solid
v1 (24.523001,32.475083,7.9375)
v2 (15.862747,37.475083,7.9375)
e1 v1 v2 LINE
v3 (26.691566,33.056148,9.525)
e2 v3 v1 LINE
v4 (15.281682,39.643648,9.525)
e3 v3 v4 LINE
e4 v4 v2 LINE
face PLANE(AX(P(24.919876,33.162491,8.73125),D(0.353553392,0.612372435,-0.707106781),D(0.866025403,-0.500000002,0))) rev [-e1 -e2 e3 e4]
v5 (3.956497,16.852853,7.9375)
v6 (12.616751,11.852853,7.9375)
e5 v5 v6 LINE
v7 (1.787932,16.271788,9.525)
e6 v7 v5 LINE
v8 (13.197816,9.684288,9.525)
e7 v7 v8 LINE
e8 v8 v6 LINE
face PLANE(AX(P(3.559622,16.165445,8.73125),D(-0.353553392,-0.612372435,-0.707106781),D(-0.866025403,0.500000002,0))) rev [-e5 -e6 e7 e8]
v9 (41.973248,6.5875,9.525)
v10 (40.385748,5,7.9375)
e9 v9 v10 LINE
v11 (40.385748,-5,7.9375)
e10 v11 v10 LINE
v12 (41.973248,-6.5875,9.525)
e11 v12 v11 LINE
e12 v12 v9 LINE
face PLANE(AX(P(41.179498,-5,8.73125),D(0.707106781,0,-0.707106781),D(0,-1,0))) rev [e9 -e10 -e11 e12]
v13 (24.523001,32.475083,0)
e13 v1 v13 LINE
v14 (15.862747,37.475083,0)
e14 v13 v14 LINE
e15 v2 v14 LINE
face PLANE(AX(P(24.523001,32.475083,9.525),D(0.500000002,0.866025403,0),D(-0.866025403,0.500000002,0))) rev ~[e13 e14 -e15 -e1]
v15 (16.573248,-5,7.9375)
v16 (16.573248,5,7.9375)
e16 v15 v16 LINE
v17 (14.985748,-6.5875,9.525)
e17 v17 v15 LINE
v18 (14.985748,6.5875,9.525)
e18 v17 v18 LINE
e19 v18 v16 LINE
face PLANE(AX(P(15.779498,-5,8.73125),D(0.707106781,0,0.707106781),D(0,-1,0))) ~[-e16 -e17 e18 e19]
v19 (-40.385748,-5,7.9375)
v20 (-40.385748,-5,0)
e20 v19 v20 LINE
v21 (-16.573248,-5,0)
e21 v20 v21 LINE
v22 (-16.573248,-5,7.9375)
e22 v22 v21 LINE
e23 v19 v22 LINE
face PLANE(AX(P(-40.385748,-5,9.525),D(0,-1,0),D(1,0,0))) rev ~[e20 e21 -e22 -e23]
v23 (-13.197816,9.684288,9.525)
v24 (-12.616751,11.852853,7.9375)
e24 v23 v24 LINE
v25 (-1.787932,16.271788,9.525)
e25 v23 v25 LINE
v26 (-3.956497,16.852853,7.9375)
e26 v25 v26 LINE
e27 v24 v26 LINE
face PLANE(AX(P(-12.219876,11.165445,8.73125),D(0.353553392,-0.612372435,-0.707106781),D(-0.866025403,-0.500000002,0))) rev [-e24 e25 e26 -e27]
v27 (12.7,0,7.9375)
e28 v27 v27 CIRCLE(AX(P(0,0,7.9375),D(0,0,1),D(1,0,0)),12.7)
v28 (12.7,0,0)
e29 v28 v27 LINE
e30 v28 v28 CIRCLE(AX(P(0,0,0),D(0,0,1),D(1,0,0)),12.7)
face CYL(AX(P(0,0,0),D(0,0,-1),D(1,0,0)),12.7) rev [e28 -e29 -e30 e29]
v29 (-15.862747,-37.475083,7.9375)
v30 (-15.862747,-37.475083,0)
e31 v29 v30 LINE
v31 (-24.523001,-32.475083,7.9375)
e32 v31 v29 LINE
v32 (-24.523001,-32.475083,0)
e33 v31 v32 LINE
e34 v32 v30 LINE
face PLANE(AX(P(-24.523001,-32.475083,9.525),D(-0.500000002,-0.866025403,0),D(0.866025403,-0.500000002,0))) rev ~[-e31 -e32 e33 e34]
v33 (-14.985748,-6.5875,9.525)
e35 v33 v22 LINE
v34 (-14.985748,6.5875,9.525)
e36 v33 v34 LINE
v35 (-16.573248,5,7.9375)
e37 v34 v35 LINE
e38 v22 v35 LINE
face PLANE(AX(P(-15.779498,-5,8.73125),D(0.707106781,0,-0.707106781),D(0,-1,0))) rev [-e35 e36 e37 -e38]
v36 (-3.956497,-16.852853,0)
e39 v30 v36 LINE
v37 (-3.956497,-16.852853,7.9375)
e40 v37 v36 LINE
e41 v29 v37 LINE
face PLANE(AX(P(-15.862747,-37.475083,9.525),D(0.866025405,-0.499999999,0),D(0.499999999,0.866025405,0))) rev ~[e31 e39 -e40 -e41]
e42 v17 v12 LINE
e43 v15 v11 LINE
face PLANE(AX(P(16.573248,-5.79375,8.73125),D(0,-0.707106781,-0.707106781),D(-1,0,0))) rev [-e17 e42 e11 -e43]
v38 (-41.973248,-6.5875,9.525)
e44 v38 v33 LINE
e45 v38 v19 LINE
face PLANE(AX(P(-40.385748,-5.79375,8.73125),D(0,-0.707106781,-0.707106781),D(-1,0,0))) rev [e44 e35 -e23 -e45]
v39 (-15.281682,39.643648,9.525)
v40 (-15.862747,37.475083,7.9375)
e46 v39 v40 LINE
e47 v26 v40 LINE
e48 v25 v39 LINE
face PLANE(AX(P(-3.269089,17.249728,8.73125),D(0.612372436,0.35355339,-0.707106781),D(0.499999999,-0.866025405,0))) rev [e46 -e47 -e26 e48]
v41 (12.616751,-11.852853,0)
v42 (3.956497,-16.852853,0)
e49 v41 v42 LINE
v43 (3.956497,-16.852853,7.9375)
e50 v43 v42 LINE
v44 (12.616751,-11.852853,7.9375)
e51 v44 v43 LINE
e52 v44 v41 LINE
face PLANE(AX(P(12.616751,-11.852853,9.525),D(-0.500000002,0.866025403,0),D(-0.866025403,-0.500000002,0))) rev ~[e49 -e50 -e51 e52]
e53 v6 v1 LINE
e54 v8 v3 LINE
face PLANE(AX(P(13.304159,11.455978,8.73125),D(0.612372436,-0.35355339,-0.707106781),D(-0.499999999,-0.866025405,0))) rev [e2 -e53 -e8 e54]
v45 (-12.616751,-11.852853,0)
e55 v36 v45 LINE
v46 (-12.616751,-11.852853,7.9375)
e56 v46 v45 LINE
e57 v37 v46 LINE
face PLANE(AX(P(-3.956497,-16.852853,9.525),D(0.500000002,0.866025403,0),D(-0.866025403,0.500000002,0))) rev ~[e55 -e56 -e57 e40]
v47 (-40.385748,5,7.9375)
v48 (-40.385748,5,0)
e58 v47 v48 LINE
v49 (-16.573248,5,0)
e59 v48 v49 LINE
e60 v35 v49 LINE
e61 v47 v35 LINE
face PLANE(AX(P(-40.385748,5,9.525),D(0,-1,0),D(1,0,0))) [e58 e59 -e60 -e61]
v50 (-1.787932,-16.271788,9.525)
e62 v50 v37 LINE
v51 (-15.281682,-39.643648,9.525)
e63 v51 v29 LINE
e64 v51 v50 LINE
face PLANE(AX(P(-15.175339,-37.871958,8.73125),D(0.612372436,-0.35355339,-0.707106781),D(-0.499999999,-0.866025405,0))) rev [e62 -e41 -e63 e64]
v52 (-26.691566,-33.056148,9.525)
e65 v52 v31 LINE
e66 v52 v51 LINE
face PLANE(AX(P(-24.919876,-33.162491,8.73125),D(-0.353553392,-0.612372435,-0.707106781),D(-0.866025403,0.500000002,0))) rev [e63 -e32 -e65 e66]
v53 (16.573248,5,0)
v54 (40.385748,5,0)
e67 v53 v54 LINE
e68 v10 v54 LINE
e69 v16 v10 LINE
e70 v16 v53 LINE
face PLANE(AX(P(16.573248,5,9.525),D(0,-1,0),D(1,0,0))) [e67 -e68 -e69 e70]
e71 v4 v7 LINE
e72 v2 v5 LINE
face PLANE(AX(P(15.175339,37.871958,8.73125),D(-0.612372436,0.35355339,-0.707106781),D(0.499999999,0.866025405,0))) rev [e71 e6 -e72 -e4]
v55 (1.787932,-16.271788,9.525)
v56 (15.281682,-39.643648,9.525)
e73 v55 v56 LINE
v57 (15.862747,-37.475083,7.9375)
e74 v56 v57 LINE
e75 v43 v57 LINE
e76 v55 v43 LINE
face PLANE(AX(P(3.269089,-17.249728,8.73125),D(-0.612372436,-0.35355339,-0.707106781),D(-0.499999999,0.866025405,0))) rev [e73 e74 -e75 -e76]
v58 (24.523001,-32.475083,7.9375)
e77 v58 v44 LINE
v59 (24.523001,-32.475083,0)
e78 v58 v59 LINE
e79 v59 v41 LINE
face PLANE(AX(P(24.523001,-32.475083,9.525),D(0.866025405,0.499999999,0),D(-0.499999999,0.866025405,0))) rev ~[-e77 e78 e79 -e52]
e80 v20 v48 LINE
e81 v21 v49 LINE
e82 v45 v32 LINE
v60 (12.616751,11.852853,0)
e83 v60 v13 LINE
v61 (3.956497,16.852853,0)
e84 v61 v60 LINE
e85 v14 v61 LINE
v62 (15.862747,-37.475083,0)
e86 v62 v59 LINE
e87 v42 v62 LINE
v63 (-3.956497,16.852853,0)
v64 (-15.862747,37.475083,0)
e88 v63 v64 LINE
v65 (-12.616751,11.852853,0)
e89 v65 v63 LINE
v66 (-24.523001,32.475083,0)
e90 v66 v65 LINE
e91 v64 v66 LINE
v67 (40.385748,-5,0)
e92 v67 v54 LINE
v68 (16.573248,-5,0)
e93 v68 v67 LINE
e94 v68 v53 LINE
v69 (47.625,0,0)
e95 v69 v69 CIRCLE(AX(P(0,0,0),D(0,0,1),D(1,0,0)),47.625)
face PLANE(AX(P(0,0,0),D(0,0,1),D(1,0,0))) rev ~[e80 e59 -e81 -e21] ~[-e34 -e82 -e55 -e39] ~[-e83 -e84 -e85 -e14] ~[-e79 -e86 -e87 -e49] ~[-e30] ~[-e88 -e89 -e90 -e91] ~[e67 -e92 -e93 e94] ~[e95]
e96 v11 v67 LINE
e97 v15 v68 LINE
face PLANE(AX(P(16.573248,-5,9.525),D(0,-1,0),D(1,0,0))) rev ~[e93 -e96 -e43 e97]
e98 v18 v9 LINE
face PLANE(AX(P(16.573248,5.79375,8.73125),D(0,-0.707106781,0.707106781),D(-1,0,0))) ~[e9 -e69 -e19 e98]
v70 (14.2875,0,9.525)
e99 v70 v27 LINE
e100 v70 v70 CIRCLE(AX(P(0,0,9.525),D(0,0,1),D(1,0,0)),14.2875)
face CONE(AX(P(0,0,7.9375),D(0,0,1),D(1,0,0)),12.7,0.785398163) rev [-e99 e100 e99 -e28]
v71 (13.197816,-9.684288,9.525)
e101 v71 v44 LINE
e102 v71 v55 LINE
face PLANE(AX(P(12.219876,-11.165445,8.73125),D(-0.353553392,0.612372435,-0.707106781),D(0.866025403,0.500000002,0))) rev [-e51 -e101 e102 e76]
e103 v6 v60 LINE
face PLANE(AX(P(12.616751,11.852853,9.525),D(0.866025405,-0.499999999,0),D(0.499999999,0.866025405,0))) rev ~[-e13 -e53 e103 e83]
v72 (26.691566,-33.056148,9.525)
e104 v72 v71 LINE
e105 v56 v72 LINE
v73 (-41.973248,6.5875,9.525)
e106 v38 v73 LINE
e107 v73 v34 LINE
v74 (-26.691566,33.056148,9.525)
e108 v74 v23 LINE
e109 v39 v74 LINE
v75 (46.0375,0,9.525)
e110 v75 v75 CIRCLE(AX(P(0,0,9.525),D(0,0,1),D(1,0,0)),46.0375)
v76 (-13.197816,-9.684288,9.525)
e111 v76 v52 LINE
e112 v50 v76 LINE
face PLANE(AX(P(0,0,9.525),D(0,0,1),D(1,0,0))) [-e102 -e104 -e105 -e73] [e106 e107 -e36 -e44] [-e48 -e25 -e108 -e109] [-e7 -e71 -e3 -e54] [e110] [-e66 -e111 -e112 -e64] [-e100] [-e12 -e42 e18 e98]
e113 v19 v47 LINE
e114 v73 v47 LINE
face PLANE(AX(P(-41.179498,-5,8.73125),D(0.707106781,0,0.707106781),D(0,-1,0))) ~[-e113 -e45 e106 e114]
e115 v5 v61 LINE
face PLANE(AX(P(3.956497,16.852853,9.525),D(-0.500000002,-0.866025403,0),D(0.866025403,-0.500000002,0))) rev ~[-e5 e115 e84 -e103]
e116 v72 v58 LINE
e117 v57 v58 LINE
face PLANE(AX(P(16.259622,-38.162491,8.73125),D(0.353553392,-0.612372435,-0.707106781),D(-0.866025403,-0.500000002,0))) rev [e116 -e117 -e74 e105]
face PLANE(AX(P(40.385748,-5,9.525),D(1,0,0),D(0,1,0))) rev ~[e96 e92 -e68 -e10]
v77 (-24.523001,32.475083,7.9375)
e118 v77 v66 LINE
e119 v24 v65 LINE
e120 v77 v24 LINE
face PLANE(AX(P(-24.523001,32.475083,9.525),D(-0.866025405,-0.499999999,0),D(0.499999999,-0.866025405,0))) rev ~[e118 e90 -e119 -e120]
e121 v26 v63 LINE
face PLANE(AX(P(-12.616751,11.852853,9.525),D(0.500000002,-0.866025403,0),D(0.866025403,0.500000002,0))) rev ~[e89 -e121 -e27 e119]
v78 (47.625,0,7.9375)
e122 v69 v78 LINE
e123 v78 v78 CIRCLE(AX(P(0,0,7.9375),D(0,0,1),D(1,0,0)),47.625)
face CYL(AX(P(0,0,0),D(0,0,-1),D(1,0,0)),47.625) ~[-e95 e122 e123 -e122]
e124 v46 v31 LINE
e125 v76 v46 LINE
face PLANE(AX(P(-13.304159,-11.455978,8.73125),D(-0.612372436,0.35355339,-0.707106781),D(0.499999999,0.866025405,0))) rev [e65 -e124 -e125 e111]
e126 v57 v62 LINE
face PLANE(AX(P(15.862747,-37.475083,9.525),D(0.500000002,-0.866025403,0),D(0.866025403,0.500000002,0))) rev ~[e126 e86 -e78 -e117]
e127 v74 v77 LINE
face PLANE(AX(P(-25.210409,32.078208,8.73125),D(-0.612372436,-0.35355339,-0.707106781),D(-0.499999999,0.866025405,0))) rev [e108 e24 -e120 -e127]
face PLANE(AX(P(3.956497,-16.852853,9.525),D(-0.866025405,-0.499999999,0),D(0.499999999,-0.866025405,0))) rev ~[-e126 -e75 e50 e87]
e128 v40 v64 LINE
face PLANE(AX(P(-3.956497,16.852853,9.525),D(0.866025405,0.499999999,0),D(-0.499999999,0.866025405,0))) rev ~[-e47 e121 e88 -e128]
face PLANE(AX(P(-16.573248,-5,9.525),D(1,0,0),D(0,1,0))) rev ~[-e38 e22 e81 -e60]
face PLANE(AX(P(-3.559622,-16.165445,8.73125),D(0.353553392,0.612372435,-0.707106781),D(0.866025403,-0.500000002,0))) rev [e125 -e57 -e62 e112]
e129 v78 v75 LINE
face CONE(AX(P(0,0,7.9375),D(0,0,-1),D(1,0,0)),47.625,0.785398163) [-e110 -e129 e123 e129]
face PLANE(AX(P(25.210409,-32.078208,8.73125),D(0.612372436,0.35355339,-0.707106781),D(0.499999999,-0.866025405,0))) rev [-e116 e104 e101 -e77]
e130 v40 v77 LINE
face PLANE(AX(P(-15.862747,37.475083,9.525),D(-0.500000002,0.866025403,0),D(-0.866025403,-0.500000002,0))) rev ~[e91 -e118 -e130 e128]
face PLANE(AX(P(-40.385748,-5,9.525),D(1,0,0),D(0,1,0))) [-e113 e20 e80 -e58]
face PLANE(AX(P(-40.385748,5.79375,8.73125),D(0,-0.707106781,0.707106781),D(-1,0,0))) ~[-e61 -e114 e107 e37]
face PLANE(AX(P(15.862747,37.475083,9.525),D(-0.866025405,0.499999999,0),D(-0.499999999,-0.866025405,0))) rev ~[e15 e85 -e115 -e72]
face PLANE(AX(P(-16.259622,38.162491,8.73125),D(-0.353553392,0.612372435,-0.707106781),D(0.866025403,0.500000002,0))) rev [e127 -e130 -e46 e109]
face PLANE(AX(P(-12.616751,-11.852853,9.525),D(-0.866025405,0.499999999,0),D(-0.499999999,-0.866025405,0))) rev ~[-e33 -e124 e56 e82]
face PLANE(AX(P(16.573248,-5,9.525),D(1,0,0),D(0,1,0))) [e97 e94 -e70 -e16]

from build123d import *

# Parameters (mm, degrees)
F0_R     = 47.625
F0_R_2   = 12.7
F1_DEPTH = 9.525
F2_W     = 23.8125
F2_H     = 10
F3_DEPTH = 9.526
F4_SIZE  = 1.5875


with BuildPart() as f1:
    # F0 (on Top) → F1 (new body)
    with BuildSketch(Plane.XY):
        Circle(F0_R)
        Circle(F0_R_2, mode=Mode.SUBTRACT)
    extrude(amount=F1_DEPTH)

    # F2 (on face) → F3 (cut, through all)
    with BuildSketch(Plane.XY.offset(9.525)):
        with Locations((-28.479498, 0)):
            Rectangle(F2_W, F2_H)
        Polygon((-12.616751, 11.852853), (-3.956497, 16.852853), (-15.862747, 37.475083), (-24.523001, 32.475083), align=None)
        Polygon((3.956497, 16.852853), (12.616751, 11.852853), (24.523001, 32.475083), (15.862747, 37.475083), align=None)
        with Locations((28.479498, 0)):
            Rectangle(F2_W, F2_H)
        Polygon((12.616751, -11.852853), (3.956497, -16.852853), (15.862747, -37.475083), (24.523001, -32.475083), align=None)
        Polygon((-3.956497, -16.852853), (-12.616751, -11.852853), (-24.523001, -32.475083), (-15.862747, -37.475083), align=None)
    extrude(amount=-F3_DEPTH, mode=Mode.SUBTRACT)

    # F4
    f4_edges = [f1.edges().sort_by_distance(p)[0] for p in [
        (-28.479498, 5, 9.525),
        (-40.385748, 0, 9.525),
        (-28.479498, -5, 9.525),
        (-16.573248, 0, 9.525),
        (-12.7, 0, 9.525),
        (-8.286624, 14.352853, 9.525),
        (-18.569876, 22.163968, 9.525),
        (-9.909622, 27.163968, 9.525),
        (-20.192874, 34.975083, 9.525),
        (9.909622, 27.163968, 9.525),
        (20.192874, 34.975083, 9.525),
        (8.286624, 14.352853, 9.525),
        (18.569876, 22.163968, 9.525),
        (16.573248, 0, 9.525),
        (28.479498, 5, 9.525),
        (40.385748, 0, 9.525),
        (28.479498, -5, 9.525),
        (18.569876, -22.163968, 9.525),
        (8.286624, -14.352853, 9.525),
        (9.909622, -27.163968, 9.525),
        (20.192874, -34.975083, 9.525),
        (-9.909622, -27.163968, 9.525),
        (-20.192874, -34.975083, 9.525),
        (-18.569876, -22.163968, 9.525),
        (-8.286624, -14.352853, 9.525),
        (-47.625, 0, 9.525),
    ]]
    chamfer(f4_edges, length=F4_SIZE)


solid = f1.part
